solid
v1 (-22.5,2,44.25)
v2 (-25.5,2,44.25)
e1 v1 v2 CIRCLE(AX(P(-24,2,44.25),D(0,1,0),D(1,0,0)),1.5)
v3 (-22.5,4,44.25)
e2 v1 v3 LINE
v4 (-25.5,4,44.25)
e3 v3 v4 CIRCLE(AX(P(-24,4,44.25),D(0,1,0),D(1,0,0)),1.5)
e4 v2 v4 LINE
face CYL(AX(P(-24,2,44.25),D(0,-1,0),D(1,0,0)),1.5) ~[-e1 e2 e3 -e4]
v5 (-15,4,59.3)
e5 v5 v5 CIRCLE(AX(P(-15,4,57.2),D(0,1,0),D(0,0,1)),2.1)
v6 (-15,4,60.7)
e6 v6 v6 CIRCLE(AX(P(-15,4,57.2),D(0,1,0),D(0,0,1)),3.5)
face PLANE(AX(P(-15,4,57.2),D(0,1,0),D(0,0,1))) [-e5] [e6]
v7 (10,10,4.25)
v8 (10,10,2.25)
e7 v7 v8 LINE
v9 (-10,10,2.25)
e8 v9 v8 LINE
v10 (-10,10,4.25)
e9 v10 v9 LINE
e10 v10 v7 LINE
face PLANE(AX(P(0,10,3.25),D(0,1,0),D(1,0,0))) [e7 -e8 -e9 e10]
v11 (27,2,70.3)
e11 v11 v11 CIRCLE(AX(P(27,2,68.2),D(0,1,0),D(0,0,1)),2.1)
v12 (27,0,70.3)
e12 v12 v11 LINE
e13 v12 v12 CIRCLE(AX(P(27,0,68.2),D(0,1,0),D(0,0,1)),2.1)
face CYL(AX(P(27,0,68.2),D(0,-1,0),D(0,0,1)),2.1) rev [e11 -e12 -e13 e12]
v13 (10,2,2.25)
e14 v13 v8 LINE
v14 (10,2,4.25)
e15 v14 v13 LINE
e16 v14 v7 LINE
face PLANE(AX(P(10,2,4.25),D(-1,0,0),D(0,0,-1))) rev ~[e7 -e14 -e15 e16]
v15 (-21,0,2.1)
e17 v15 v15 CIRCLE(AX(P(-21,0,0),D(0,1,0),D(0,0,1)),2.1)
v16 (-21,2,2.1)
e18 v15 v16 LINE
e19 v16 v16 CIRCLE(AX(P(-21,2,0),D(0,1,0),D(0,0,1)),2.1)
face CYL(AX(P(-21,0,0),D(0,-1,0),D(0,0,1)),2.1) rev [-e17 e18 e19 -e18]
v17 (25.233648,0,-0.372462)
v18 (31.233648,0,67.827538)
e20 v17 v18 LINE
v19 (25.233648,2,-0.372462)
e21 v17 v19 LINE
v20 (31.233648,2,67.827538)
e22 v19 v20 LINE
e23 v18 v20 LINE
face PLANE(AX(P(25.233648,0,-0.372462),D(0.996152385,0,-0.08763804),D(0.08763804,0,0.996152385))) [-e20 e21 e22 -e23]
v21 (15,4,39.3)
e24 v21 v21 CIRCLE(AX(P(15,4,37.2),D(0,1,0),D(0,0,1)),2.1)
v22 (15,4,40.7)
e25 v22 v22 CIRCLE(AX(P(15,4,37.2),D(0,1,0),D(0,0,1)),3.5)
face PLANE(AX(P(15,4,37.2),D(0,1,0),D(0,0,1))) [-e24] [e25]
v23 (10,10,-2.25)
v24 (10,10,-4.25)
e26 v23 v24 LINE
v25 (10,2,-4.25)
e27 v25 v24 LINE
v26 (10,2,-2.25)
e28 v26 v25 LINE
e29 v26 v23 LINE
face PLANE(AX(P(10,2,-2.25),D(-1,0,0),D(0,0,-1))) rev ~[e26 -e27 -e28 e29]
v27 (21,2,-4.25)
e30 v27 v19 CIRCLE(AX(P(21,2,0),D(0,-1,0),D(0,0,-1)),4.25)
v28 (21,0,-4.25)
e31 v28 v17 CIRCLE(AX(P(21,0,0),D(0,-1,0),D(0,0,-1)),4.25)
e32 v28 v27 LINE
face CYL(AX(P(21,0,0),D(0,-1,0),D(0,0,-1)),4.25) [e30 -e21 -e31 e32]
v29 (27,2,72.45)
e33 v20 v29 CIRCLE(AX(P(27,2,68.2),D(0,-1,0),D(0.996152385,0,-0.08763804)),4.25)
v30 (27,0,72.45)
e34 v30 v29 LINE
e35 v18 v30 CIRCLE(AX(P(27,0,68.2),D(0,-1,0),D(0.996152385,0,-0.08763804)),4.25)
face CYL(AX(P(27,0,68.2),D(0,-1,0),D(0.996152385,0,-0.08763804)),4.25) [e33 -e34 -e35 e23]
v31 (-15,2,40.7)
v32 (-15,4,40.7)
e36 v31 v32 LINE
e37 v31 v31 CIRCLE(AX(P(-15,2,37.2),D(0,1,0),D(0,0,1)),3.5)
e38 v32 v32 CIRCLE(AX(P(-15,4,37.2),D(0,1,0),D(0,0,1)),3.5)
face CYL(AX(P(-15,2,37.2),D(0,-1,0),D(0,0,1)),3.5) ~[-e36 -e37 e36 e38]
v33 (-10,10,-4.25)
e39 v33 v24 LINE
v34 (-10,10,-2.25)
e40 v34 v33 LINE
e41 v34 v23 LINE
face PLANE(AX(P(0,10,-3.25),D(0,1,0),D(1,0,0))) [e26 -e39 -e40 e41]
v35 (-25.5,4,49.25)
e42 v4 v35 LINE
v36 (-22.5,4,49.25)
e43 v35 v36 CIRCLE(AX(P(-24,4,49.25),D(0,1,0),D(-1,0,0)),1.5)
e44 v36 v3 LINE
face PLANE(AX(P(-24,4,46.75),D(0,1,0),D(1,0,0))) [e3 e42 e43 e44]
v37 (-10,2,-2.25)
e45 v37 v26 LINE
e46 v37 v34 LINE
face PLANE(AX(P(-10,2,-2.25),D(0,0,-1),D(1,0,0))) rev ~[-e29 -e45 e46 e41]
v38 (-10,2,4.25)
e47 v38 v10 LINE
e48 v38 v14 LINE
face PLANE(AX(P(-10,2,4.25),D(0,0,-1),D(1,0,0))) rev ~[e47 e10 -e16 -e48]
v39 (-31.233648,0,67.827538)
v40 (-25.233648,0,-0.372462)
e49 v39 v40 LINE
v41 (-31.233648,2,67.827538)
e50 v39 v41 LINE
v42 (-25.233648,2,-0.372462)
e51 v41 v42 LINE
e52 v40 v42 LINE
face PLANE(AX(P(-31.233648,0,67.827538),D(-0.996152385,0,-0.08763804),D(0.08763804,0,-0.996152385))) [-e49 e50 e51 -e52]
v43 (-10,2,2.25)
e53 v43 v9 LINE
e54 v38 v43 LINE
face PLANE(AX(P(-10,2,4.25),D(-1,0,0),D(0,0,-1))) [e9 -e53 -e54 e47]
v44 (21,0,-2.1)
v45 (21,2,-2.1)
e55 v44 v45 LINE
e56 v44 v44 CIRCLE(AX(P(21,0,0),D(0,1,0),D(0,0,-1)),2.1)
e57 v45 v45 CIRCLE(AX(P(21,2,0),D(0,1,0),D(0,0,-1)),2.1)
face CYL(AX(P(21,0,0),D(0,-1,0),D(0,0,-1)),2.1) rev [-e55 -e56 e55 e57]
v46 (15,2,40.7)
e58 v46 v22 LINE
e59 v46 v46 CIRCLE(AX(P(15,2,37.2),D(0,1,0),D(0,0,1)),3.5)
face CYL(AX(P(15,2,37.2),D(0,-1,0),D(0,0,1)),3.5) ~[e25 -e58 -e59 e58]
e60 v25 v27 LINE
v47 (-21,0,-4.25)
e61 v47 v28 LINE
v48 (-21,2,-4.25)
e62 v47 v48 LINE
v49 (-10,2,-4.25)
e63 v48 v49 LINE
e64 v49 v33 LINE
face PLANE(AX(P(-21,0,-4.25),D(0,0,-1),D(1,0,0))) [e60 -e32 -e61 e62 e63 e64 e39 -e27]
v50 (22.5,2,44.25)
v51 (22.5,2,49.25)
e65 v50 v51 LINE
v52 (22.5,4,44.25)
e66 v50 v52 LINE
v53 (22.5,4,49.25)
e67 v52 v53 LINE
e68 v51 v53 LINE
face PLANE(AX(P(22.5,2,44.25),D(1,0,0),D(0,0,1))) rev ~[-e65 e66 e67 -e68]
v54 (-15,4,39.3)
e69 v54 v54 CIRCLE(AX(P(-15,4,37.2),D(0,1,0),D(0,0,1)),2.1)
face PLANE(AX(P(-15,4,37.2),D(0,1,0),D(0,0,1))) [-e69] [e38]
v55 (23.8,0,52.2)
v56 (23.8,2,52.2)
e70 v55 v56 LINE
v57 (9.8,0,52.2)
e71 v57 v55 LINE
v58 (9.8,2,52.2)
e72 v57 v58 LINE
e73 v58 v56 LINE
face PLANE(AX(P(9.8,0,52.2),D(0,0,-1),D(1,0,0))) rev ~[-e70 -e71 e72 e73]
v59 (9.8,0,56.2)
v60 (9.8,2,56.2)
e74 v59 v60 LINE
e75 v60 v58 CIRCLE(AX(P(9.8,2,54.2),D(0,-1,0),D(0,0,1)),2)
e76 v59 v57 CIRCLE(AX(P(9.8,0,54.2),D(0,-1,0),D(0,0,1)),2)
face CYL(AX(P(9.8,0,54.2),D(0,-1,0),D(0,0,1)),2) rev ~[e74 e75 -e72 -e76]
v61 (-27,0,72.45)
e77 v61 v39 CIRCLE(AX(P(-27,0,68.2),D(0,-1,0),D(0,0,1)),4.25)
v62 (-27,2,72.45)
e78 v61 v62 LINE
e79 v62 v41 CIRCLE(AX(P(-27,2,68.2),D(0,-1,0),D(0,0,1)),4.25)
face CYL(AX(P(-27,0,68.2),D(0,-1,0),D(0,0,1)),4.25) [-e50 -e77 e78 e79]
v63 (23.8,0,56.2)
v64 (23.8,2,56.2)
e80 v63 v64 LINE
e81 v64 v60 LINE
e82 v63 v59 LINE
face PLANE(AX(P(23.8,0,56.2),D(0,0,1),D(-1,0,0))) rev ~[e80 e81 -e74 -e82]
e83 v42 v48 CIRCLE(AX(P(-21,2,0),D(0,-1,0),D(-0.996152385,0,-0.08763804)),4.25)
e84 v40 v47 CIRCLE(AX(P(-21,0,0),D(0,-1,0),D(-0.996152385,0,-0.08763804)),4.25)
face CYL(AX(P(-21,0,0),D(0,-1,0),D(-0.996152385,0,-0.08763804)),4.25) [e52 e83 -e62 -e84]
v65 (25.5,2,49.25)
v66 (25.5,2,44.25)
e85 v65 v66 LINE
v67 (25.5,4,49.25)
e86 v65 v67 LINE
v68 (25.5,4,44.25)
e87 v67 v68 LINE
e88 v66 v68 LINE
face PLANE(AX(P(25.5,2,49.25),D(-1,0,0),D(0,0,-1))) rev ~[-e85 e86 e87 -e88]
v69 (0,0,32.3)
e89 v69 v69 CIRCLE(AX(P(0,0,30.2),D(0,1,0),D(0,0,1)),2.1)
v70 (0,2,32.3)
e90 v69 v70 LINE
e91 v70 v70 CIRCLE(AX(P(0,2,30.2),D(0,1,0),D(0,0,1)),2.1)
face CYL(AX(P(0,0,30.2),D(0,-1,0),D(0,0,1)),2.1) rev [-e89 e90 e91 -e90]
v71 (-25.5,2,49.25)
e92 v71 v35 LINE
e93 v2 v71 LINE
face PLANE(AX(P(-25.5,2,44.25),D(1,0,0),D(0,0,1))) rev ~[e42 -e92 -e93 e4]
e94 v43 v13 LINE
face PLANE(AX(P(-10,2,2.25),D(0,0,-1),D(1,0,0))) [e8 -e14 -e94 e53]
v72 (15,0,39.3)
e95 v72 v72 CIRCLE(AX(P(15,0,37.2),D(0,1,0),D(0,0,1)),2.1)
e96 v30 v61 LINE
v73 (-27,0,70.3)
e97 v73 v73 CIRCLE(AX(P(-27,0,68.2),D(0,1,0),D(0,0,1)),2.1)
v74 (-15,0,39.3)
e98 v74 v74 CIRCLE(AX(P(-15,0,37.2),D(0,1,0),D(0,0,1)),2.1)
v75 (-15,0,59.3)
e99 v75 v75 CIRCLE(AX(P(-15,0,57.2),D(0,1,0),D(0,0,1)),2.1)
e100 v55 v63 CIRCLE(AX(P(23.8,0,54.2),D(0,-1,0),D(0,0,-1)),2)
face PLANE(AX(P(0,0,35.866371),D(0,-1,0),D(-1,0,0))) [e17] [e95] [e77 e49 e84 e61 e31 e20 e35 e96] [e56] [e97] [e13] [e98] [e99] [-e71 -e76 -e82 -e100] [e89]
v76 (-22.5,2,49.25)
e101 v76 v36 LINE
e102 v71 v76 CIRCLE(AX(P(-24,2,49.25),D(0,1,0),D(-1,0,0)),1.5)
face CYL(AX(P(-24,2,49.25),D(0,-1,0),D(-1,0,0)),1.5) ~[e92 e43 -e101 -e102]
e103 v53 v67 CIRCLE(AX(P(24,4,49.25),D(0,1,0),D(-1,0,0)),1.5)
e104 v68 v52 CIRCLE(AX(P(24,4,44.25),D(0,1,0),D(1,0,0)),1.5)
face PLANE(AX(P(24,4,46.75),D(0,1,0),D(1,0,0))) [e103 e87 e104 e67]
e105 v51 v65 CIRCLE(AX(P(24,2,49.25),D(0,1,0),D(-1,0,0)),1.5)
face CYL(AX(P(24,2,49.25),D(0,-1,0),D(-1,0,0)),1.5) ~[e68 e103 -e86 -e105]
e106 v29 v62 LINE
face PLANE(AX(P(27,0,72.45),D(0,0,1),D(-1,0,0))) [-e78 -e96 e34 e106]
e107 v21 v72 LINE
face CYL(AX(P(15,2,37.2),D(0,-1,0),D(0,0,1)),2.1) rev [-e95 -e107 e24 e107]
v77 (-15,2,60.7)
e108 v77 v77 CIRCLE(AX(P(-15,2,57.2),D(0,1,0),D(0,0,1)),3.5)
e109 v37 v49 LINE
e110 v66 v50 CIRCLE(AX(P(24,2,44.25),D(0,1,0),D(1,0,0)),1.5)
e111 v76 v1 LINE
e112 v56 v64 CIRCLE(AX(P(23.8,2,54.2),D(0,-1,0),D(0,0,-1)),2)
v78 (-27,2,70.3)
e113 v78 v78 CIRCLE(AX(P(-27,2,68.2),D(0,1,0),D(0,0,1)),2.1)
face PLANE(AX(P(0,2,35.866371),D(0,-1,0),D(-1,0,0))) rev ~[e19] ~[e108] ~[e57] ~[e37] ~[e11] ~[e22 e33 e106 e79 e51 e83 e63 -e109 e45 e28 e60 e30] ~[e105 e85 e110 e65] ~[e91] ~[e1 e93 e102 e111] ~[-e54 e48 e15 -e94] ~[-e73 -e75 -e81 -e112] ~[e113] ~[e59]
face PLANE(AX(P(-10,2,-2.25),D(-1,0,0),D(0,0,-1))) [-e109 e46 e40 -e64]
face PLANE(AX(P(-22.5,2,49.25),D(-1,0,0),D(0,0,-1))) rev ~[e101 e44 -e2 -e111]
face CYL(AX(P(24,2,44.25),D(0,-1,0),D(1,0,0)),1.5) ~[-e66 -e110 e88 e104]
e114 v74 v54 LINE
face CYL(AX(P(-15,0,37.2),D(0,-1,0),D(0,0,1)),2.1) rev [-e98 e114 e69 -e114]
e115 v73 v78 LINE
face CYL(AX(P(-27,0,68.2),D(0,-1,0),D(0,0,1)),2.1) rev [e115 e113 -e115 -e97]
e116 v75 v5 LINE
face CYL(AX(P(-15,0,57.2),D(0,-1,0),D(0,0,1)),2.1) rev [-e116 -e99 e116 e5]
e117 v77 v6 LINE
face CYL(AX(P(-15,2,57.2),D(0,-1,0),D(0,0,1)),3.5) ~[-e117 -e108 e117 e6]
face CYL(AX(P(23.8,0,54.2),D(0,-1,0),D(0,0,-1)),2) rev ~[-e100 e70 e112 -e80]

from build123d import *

# Parameters (mm, degrees)
CROQUIS1_R              = 2.1
SALIENTE_EXTRUIR1_DEPTH = 2
CROQUIS2_W              = 20
CROQUIS2_H              = 2
SALIENTE_EXTRUIR2_DEPTH = 8
CROQUIS3_R              = 3.5
CROQUIS3_R_2            = 2.1
SALIENTE_EXTRUIR3_DEPTH = 2


with BuildPart() as part:
    # Croquis1 → Saliente-Extruir1 (new body)
    with BuildSketch(Plane(origin=(0, 0, 0), x_dir=(1, 0, 0), z_dir=(0, 1, 0))):
        with BuildLine():
            Line((-21, 4.25), (21, 4.25))
            ThreePointArc((21, 4.25), (23.870499774, 3.134123649), (25.233647636, 0.372461669))
            Line((25.233647636, 0.372461669), (31.233647636, -67.827538331))
            ThreePointArc((31.233647636, -67.827538331), (30.134123649, -71.070499774), (27, -72.45))
            Line((27, -72.45), (-27, -72.45))
            ThreePointArc((-27, -72.45), (-30.134123649, -71.070499774), (-31.233647636, -67.827538331))
            Line((-31.233647636, -67.827538331), (-25.233647636, 0.372461669))
            ThreePointArc((-25.233647636, 0.372461669), (-23.870499774, 3.134123649), (-21, 4.25))
        make_face()
        with Locations(Location((-21, 0, 0), (0, 0, 270))):
            Circle(CROQUIS1_R, mode=Mode.SUBTRACT)
        with Locations(Location((21, 0, 0), (0, 0, 90))):
            Circle(CROQUIS1_R, mode=Mode.SUBTRACT)
        with Locations(Location((0, -30.2, 0), (0, 0, 270))):
            Circle(CROQUIS1_R, mode=Mode.SUBTRACT)
        with Locations(Location((-27, -68.2, 0), (0, 0, 270))):
            Circle(CROQUIS1_R, mode=Mode.SUBTRACT)
        with Locations(Location((27, -68.2, 0), (0, 0, 270))):
            Circle(CROQUIS1_R, mode=Mode.SUBTRACT)
        with Locations(Location((-15, -37.2, 0), (0, 0, 270))):
            Circle(CROQUIS1_R, mode=Mode.SUBTRACT)
        with Locations(Location((-15, -57.2, 0), (0, 0, 270))):
            Circle(CROQUIS1_R, mode=Mode.SUBTRACT)
        with Locations(Location((15, -37.2, 0), (0, 0, 270))):
            Circle(CROQUIS1_R, mode=Mode.SUBTRACT)
        with BuildLine():
            Line((9.8, -52.2), (23.8, -52.2))
            ThreePointArc((23.8, -52.2), (25.8, -54.2), (23.8, -56.2))
            Line((23.8, -56.2), (9.8, -56.2))
            ThreePointArc((9.8, -56.2), (7.8, -54.2), (9.8, -52.2))
        make_face(mode=Mode.SUBTRACT)
    extrude(amount=SALIENTE_EXTRUIR1_DEPTH)

    # Croquis2 → Saliente-Extruir2 (add)
    with BuildSketch(Plane(origin=(0, 2, 0), x_dir=(1, 0, 0), z_dir=(0, 1, 0))):
        with Locations((0, -3.25)):
            Rectangle(CROQUIS2_W, CROQUIS2_H)
        with Locations((0, 3.25)):
            Rectangle(CROQUIS2_W, CROQUIS2_H)
    extrude(amount=SALIENTE_EXTRUIR2_DEPTH)

    # Croquis3 → Saliente-Extruir3 (add)
    # profile 1 of 5: a face of its own
    with BuildSketch(Plane(origin=(0, 2, 0), x_dir=(1, 0, 0), z_dir=(0, 1, 0))):
        with Locations(Location((15, -37.2, 0), (0, 0, 270))):
            Circle(CROQUIS3_R)
        with Locations(Location((15, -37.2, 0), (0, 0, 270))):
            Circle(CROQUIS3_R_2, mode=Mode.SUBTRACT)
    # profile 2 of 5: a face of its own
    with BuildSketch(Plane(origin=(0, 2, 0), x_dir=(1, 0, 0), z_dir=(0, 1, 0))):
        with Locations(Location((-15, -37.2, 0), (0, 0, 270))):
            Circle(CROQUIS3_R)
        with Locations(Location((-15, -37.2, 0), (0, 0, 270))):
            Circle(CROQUIS3_R_2, mode=Mode.SUBTRACT)
    # profile 3 of 5: a face of its own
    with BuildSketch(Plane(origin=(0, 2, 0), x_dir=(1, 0, 0), z_dir=(0, 1, 0))):
        with Locations(Location((-15, -57.2, 0), (0, 0, 270))):
            Circle(CROQUIS3_R)
        with Locations(Location((-15, -57.2, 0), (0, 0, 270))):
            Circle(CROQUIS3_R_2, mode=Mode.SUBTRACT)
    # profile 4 of 5: a face of its own
    with BuildSketch(Plane(origin=(0, 2, 0), x_dir=(1, 0, 0), z_dir=(0, 1, 0))):
        with BuildLine():
            Line((-25.5, -44.25), (-25.5, -49.25))
            ThreePointArc((-25.5, -49.25), (-24, -50.75), (-22.5, -49.25))
            Line((-22.5, -49.25), (-22.5, -44.25))
            ThreePointArc((-22.5, -44.25), (-24, -42.75), (-25.5, -44.25))
        make_face()
    # profile 5 of 5: a face of its own
    with BuildSketch(Plane(origin=(0, 2, 0), x_dir=(1, 0, 0), z_dir=(0, 1, 0))):
        with BuildLine():
            Line((22.5, -44.25), (22.5, -49.25))
            ThreePointArc((22.5, -49.25), (24, -50.75), (25.5, -49.25))
            Line((25.5, -49.25), (25.5, -44.25))
            ThreePointArc((25.5, -44.25), (24, -42.75), (22.5, -44.25))
        make_face()
    extrude(amount=SALIENTE_EXTRUIR3_DEPTH)


solid = part.part
